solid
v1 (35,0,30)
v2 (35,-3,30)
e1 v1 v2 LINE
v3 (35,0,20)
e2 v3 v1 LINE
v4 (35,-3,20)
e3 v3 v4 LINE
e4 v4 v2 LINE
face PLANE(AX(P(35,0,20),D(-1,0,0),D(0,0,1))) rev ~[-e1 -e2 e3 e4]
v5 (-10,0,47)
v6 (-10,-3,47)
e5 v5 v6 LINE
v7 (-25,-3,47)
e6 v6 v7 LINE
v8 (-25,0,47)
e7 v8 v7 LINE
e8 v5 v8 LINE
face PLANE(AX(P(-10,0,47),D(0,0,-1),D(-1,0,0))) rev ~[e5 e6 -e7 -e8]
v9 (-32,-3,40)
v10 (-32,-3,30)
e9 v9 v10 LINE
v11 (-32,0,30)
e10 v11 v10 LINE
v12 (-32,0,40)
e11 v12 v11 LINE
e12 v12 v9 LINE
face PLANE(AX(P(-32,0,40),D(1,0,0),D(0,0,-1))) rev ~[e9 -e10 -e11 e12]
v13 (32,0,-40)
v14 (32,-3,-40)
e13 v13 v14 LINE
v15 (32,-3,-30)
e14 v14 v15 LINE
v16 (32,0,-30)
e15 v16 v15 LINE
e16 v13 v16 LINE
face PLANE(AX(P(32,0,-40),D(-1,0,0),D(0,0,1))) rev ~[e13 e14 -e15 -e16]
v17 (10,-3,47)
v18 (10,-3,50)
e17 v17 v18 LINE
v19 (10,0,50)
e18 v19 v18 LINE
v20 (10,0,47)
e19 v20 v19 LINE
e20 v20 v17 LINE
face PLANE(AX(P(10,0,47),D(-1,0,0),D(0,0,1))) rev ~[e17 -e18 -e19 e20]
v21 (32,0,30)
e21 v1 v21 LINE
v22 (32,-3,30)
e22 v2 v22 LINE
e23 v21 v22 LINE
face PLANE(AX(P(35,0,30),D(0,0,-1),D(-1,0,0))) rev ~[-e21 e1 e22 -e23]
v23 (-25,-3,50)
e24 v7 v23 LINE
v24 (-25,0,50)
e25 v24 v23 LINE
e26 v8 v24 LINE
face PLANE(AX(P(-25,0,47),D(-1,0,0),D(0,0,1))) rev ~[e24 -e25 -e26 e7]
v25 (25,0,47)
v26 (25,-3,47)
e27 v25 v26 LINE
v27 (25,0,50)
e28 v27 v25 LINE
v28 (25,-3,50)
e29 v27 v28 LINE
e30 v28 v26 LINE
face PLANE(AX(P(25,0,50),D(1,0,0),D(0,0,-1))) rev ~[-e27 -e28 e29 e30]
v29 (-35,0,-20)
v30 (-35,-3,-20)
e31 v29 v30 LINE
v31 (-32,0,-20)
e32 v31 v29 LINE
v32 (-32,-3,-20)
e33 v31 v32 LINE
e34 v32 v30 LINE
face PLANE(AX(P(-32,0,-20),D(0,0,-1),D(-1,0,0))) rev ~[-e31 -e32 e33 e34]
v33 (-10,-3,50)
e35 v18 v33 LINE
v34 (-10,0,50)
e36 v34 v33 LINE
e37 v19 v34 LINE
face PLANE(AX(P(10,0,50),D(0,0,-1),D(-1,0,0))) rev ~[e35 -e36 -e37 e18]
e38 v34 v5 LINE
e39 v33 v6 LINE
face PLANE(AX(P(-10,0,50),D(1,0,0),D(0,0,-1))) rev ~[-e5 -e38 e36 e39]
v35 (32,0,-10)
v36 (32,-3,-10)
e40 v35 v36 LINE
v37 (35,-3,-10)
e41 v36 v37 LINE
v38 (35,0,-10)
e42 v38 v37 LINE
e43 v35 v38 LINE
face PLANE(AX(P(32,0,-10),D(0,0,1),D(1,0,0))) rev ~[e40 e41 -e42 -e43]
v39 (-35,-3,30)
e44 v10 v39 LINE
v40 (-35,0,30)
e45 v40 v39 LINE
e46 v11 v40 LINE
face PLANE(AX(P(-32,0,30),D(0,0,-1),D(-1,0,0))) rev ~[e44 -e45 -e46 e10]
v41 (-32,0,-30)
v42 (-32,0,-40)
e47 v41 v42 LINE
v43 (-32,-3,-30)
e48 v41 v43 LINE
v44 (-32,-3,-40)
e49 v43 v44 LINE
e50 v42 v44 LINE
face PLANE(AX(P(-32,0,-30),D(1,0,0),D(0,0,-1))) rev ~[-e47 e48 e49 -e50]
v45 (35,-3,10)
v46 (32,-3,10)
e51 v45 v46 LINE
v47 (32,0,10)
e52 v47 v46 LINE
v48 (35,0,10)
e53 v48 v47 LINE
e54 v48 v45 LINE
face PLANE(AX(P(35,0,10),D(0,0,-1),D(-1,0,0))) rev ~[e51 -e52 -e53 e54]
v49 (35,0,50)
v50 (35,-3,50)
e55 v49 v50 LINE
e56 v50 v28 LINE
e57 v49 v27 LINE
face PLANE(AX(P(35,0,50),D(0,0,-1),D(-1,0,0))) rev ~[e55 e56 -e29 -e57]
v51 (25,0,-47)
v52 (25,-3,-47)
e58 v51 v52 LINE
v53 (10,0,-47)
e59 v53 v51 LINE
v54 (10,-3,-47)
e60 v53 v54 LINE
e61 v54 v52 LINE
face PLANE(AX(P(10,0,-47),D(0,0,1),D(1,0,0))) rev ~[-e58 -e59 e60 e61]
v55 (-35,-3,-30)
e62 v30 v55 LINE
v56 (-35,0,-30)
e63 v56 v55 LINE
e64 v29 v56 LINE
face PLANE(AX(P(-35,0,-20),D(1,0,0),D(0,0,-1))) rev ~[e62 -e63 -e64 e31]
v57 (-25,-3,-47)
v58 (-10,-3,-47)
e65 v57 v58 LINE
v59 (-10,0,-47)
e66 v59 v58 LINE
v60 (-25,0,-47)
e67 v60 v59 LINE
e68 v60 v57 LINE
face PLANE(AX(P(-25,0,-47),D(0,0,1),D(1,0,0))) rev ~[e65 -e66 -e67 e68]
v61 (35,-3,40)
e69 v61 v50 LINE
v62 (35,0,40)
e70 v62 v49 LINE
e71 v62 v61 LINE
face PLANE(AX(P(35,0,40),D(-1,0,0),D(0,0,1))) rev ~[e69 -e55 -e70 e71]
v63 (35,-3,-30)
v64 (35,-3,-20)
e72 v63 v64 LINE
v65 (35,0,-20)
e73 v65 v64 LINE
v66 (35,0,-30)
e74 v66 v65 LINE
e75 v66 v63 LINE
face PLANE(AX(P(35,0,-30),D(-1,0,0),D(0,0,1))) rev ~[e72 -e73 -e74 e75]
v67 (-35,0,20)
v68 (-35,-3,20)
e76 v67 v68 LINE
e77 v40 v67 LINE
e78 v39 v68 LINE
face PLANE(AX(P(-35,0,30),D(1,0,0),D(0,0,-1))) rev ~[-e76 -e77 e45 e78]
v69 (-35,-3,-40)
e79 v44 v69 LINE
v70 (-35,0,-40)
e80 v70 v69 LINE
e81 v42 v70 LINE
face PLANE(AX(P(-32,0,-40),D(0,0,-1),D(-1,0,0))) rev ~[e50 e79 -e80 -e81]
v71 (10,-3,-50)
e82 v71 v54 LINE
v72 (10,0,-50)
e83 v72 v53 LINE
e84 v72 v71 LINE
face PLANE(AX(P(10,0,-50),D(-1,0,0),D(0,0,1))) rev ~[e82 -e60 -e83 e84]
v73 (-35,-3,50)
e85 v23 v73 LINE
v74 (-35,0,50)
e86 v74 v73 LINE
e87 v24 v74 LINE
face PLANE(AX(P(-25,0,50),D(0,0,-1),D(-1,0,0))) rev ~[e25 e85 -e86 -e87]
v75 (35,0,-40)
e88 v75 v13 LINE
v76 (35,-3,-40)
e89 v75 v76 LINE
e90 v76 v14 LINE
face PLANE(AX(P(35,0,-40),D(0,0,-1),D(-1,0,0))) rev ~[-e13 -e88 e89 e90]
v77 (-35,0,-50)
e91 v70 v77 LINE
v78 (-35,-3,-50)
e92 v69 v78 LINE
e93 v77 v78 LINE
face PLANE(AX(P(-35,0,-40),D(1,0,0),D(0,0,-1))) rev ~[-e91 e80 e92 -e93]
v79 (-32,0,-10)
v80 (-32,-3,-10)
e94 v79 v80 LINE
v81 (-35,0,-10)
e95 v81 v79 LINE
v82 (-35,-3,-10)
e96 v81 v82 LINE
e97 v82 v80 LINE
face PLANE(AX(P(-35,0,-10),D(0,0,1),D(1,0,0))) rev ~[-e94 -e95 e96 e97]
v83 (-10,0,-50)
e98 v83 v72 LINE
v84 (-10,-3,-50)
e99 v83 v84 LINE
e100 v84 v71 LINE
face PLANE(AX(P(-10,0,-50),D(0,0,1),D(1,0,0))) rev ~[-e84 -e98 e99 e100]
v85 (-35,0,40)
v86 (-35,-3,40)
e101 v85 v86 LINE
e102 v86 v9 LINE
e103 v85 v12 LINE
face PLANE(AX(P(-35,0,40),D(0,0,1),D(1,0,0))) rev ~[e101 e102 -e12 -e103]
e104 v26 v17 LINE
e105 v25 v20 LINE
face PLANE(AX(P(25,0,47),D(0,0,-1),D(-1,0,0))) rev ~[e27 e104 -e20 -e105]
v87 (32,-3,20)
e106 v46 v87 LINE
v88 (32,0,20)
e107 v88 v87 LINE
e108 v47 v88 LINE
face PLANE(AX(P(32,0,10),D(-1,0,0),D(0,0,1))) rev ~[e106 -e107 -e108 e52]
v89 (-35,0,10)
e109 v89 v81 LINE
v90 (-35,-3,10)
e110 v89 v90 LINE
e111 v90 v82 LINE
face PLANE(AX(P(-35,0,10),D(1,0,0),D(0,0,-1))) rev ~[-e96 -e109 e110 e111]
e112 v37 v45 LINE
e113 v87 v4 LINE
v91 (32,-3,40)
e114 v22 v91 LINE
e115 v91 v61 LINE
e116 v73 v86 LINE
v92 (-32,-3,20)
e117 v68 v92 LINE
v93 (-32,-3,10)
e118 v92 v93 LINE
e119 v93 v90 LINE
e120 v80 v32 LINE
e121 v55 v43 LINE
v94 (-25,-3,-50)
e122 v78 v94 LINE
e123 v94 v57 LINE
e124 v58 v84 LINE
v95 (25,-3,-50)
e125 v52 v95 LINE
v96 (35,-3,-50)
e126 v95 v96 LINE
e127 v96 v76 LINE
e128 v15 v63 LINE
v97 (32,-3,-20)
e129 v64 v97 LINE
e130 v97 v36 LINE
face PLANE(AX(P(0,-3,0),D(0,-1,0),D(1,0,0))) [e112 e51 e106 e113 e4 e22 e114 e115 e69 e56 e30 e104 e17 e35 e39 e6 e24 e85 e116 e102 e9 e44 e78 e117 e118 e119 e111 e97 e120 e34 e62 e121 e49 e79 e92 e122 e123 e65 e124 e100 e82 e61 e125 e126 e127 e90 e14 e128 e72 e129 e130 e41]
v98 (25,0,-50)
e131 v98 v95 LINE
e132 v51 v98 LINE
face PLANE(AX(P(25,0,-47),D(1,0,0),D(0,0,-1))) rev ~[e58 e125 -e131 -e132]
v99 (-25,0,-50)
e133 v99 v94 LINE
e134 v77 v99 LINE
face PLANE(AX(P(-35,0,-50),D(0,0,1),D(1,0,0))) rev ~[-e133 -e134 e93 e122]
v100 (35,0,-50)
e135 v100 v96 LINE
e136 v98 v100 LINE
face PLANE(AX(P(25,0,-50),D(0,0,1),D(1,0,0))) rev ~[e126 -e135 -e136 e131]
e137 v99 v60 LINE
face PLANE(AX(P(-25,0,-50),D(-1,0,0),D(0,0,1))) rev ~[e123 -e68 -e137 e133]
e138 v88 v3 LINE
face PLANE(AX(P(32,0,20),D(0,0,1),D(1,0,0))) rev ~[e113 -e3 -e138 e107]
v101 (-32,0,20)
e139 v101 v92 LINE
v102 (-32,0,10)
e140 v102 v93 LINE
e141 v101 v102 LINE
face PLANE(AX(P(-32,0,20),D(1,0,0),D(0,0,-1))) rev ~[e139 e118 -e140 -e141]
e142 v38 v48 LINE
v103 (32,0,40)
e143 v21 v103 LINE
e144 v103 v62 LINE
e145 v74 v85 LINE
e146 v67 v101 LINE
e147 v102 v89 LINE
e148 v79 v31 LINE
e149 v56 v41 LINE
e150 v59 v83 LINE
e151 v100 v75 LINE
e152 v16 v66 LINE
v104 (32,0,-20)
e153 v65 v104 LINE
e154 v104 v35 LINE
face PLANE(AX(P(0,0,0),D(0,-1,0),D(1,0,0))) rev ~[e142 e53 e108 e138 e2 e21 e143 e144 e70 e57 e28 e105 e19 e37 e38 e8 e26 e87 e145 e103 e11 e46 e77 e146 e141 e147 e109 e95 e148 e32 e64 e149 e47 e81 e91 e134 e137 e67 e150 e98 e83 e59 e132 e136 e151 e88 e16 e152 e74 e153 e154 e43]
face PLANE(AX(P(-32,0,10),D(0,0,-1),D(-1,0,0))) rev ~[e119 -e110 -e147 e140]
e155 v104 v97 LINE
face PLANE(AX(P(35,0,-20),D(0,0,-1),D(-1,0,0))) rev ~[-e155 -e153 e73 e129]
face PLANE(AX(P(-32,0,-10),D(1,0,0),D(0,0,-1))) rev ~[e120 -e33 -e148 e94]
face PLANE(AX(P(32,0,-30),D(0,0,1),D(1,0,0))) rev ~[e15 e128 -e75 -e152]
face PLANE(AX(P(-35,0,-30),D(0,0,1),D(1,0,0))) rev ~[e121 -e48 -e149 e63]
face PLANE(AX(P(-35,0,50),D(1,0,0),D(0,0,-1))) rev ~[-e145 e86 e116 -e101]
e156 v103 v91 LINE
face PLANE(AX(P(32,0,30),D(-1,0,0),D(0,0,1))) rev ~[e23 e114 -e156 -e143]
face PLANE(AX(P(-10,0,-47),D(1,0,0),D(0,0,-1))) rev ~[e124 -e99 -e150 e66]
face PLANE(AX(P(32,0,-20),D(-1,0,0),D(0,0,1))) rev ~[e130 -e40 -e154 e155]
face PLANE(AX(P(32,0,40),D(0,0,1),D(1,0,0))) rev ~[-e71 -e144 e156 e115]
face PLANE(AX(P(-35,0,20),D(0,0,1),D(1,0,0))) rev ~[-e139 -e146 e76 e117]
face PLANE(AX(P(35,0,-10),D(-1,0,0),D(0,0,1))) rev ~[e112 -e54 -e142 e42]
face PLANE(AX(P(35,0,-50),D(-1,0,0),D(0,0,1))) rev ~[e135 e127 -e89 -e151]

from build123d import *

# Parameters (mm, degrees)
F1_DEPTH = 3


with BuildPart() as f1:
    # F0 (on Front) → F1 (new body)
    with BuildSketch(Plane.XZ):
        Polygon((35, 40), (35, 50), (25, 50), (25, 47), (10, 47), (10, 50), (-10, 50), (-10, 47), (-25, 47), (-25, 50), (-35, 50), (-35, 40), (-32, 40), (-32, 30), (-35, 30), (-35, 20), (-32, 20), (-32, 10), (-35, 10), (-35, -10), (-32, -10), (-32, -20), (-35, -20), (-35, -30), (-32, -30), (-32, -40), (-35, -40), (-35, -50), (-25, -50), (-25, -47), (-10, -47), (-10, -50), (10, -50), (10, -47), (25, -47), (25, -50), (35, -50), (35, -40), (32, -40), (32, -30), (35, -30), (35, -20), (32, -20), (32, -10), (35, -10), (35, 10), (32, 10), (32, 20), (35, 20), (35, 30), (32, 30), (32, 40), align=None)
    extrude(amount=F1_DEPTH)


solid = f1.part
